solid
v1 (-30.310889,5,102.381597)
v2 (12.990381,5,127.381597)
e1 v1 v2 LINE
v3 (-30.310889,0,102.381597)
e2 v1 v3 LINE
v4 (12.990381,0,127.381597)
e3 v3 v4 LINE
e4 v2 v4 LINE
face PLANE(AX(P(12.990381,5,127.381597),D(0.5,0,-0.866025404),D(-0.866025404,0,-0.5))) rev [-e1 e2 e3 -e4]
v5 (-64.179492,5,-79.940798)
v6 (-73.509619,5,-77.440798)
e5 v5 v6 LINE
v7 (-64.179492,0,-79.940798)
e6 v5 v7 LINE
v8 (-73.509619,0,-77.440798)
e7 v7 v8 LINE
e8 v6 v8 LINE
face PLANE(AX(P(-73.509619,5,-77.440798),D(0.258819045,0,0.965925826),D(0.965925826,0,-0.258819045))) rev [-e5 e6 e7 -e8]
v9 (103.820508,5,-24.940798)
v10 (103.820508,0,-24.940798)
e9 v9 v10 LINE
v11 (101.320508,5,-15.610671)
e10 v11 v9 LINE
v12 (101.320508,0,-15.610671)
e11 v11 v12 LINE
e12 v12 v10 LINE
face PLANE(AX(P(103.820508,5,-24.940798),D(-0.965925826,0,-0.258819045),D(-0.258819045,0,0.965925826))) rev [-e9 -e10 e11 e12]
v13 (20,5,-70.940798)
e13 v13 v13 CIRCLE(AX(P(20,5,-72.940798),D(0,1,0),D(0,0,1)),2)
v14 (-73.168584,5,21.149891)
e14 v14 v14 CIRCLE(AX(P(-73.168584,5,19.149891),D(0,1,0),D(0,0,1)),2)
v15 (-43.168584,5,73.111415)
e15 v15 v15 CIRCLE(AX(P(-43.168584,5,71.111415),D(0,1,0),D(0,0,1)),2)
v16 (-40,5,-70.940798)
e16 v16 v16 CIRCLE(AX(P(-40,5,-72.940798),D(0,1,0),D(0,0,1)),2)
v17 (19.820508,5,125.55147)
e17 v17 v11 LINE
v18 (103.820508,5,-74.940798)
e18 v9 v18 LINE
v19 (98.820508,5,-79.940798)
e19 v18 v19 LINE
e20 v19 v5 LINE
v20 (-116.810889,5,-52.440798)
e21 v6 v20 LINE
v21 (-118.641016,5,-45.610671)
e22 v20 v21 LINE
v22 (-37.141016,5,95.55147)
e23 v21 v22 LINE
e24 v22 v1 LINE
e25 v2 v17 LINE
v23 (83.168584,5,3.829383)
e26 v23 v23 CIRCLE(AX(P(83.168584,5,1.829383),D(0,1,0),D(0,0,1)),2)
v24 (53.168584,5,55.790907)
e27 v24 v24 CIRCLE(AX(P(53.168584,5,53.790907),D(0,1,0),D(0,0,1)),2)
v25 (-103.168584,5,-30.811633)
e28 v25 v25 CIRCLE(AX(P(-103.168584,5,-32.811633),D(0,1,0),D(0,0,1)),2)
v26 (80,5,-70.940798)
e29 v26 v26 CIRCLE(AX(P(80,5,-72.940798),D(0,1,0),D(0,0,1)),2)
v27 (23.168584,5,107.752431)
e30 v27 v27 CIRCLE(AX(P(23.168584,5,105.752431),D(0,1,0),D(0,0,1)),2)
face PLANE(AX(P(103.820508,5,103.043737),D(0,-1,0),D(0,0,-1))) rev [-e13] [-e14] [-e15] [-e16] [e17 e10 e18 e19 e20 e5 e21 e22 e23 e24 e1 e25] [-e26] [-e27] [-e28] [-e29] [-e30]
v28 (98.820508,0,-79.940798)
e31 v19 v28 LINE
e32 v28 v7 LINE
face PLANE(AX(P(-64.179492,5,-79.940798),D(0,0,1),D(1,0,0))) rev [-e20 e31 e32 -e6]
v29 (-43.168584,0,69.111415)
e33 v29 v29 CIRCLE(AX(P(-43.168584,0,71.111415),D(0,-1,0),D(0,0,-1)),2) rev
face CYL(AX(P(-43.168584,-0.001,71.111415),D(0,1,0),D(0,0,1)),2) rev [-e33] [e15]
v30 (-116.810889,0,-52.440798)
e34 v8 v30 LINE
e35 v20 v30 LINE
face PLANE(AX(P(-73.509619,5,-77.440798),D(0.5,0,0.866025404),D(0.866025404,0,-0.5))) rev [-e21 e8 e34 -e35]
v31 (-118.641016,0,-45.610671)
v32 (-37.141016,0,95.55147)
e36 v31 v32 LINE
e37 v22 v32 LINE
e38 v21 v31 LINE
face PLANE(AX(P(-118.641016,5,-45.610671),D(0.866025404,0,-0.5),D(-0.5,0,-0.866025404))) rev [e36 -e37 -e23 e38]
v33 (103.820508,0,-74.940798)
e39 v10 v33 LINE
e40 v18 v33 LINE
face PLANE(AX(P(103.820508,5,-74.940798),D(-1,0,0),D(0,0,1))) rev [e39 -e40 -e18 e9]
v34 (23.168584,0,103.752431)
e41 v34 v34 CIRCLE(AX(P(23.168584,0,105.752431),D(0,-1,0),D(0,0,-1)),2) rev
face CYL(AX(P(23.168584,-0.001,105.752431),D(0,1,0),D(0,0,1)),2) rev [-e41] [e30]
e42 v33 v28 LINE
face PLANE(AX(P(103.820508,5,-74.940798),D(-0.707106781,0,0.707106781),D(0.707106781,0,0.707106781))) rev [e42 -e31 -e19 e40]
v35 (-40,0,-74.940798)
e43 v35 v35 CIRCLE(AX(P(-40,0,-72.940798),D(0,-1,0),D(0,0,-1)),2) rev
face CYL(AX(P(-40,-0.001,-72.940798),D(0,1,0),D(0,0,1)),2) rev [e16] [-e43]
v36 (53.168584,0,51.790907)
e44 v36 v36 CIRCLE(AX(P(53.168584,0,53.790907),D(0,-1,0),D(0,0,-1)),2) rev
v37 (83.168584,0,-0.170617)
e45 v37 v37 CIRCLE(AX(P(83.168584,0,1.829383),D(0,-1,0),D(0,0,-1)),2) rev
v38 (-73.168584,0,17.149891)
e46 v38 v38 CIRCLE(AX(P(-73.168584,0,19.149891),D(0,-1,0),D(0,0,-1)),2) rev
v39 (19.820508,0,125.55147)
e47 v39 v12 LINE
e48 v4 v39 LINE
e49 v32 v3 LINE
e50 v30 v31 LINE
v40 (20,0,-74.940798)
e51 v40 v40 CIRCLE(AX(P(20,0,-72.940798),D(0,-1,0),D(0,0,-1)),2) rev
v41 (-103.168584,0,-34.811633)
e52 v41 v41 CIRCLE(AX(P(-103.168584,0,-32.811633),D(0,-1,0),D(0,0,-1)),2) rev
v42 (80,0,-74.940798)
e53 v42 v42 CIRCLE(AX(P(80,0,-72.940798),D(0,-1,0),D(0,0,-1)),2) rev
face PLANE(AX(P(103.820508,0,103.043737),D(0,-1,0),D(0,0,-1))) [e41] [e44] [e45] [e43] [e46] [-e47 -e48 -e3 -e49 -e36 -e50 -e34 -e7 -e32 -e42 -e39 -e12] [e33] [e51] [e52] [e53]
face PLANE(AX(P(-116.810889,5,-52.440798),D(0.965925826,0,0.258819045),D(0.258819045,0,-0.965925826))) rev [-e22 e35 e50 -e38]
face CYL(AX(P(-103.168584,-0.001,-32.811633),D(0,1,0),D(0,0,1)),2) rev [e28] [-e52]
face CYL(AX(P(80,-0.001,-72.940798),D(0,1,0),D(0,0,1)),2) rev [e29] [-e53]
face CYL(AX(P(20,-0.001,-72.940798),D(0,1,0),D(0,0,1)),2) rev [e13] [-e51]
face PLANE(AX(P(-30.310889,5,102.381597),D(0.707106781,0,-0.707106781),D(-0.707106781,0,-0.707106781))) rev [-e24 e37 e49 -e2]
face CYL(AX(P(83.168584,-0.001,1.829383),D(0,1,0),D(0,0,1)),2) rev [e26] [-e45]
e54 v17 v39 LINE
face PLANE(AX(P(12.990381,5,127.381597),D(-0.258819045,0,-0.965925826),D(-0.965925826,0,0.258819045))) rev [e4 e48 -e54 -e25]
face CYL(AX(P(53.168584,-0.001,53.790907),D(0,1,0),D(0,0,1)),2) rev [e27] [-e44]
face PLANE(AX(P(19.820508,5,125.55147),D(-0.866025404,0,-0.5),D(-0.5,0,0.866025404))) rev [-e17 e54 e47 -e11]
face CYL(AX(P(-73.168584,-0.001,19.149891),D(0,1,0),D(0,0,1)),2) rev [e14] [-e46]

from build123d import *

# Parameters (mm, degrees)
EXTRUSION1_DEPTH         = 5
ENL_V_MAT_EXTRU_14_REACH = 176.146
ESQUISSE8_R              = 2


with BuildPart() as part:
    # Esquisse1 → Extrusion1 (new body)
    with BuildSketch(Plane(origin=(0, 0, 0), x_dir=(1, 0, 0), z_dir=(0, 1, 0))):
        Polygon((-64.179491924, 79.940798285), (98.820508076, 79.940798285), (103.820508076, 74.940798285), (103.820508076, 24.940798285), (101.320508076, 15.610671266), (19.820508076, -125.551469551), (12.990381057, -127.38159657), (-30.310889132, -102.38159657), (-37.141016151, -95.551469551), (-118.641016151, 45.610671266), (-116.810889132, 52.440798285), (-73.509618943, 77.440798285), align=None)
    extrude(amount=EXTRUSION1_DEPTH)

    # Esquisse8 → Enlèv. mat.-Extru.14 (cut, up to next)
    with BuildSketch(Plane(origin=(0, 5, 0), x_dir=(1, 0, 0), z_dir=(0, 1, 0)), mode=Mode.PRIVATE) as enl_v_mat_extru_14_sk1:
        with Locations(Location((-103.168584287, 32.81163316, 0), (0, 0, 270))):
            Circle(ESQUISSE8_R)
    enl_v_mat_extru_14_tool1 = extrude(enl_v_mat_extru_14_sk1.sketch, amount=-ENL_V_MAT_EXTRU_14_REACH, mode=Mode.PRIVATE) & part.part
    # Esquisse8 → Enlèv. mat.-Extru.14 (cut, up to next)
    with BuildSketch(Plane(origin=(0, 5, 0), x_dir=(1, 0, 0), z_dir=(0, 1, 0)), mode=Mode.PRIVATE) as enl_v_mat_extru_14_sk2:
        with Locations(Location((80, 72.940798285, 0), (0, 0, 270))):
            Circle(ESQUISSE8_R)
    enl_v_mat_extru_14_tool2 = extrude(enl_v_mat_extru_14_sk2.sketch, amount=-ENL_V_MAT_EXTRU_14_REACH, mode=Mode.PRIVATE) & part.part
    # Esquisse8 → Enlèv. mat.-Extru.14 (cut, up to next)
    with BuildSketch(Plane(origin=(0, 5, 0), x_dir=(1, 0, 0), z_dir=(0, 1, 0)), mode=Mode.PRIVATE) as enl_v_mat_extru_14_sk3:
        with Locations(Location((20, 72.940798285, 0), (0, 0, 270))):
            Circle(ESQUISSE8_R)
    enl_v_mat_extru_14_tool3 = extrude(enl_v_mat_extru_14_sk3.sketch, amount=-ENL_V_MAT_EXTRU_14_REACH, mode=Mode.PRIVATE) & part.part
    # Esquisse8 → Enlèv. mat.-Extru.14 (cut, up to next)
    with BuildSketch(Plane(origin=(0, 5, 0), x_dir=(1, 0, 0), z_dir=(0, 1, 0)), mode=Mode.PRIVATE) as enl_v_mat_extru_14_sk4:
        with Locations(Location((-73.168584287, -19.149891067, 0), (0, 0, 270))):
            Circle(ESQUISSE8_R)
    enl_v_mat_extru_14_tool4 = extrude(enl_v_mat_extru_14_sk4.sketch, amount=-ENL_V_MAT_EXTRU_14_REACH, mode=Mode.PRIVATE) & part.part
    # Esquisse8 → Enlèv. mat.-Extru.14 (cut, up to next)
    with BuildSketch(Plane(origin=(0, 5, 0), x_dir=(1, 0, 0), z_dir=(0, 1, 0)), mode=Mode.PRIVATE) as enl_v_mat_extru_14_sk5:
        with Locations(Location((-43.168584287, -71.111415294, 0), (0, 0, 270))):
            Circle(ESQUISSE8_R)
    enl_v_mat_extru_14_tool5 = extrude(enl_v_mat_extru_14_sk5.sketch, amount=-ENL_V_MAT_EXTRU_14_REACH, mode=Mode.PRIVATE) & part.part
    # Esquisse8 → Enlèv. mat.-Extru.14 (cut, up to next)
    with BuildSketch(Plane(origin=(0, 5, 0), x_dir=(1, 0, 0), z_dir=(0, 1, 0)), mode=Mode.PRIVATE) as enl_v_mat_extru_14_sk6:
        with Locations(Location((-40, 72.940798285, 0), (0, 0, 270))):
            Circle(ESQUISSE8_R)
    enl_v_mat_extru_14_tool6 = extrude(enl_v_mat_extru_14_sk6.sketch, amount=-ENL_V_MAT_EXTRU_14_REACH, mode=Mode.PRIVATE) & part.part
    # Esquisse8 → Enlèv. mat.-Extru.14 (cut, up to next)
    with BuildSketch(Plane(origin=(0, 5, 0), x_dir=(1, 0, 0), z_dir=(0, 1, 0)), mode=Mode.PRIVATE) as enl_v_mat_extru_14_sk7:
        with Locations(Location((23.168584287, -105.752431445, 0), (0, 0, 270))):
            Circle(ESQUISSE8_R)
    enl_v_mat_extru_14_tool7 = extrude(enl_v_mat_extru_14_sk7.sketch, amount=-ENL_V_MAT_EXTRU_14_REACH, mode=Mode.PRIVATE) & part.part
    # Esquisse8 → Enlèv. mat.-Extru.14 (cut, up to next)
    with BuildSketch(Plane(origin=(0, 5, 0), x_dir=(1, 0, 0), z_dir=(0, 1, 0)), mode=Mode.PRIVATE) as enl_v_mat_extru_14_sk8:
        with Locations(Location((53.168584287, -53.790907218, 0), (0, 0, 270))):
            Circle(ESQUISSE8_R)
    enl_v_mat_extru_14_tool8 = extrude(enl_v_mat_extru_14_sk8.sketch, amount=-ENL_V_MAT_EXTRU_14_REACH, mode=Mode.PRIVATE) & part.part
    # Esquisse8 → Enlèv. mat.-Extru.14 (cut, up to next)
    with BuildSketch(Plane(origin=(0, 5, 0), x_dir=(1, 0, 0), z_dir=(0, 1, 0)), mode=Mode.PRIVATE) as enl_v_mat_extru_14_sk9:
        with Locations(Location((83.168584287, -1.829382991, 0), (0, 0, 270))):
            Circle(ESQUISSE8_R)
    enl_v_mat_extru_14_tool9 = extrude(enl_v_mat_extru_14_sk9.sketch, amount=-ENL_V_MAT_EXTRU_14_REACH, mode=Mode.PRIVATE) & part.part
    add(enl_v_mat_extru_14_tool1.solids().sort_by_distance((-103.168584, 5, -32.811633))[0], mode=Mode.SUBTRACT)
    add(enl_v_mat_extru_14_tool2.solids().sort_by_distance((80, 5, -72.940798))[0], mode=Mode.SUBTRACT)
    add(enl_v_mat_extru_14_tool3.solids().sort_by_distance((20, 5, -72.940798))[0], mode=Mode.SUBTRACT)
    add(enl_v_mat_extru_14_tool4.solids().sort_by_distance((-73.168584, 5, 19.149891))[0], mode=Mode.SUBTRACT)
    add(enl_v_mat_extru_14_tool5.solids().sort_by_distance((-43.168584, 5, 71.111415))[0], mode=Mode.SUBTRACT)
    add(enl_v_mat_extru_14_tool6.solids().sort_by_distance((-40, 5, -72.940798))[0], mode=Mode.SUBTRACT)
    add(enl_v_mat_extru_14_tool7.solids().sort_by_distance((23.168584, 5, 105.752431))[0], mode=Mode.SUBTRACT)
    add(enl_v_mat_extru_14_tool8.solids().sort_by_distance((53.168584, 5, 53.790907))[0], mode=Mode.SUBTRACT)
    add(enl_v_mat_extru_14_tool9.solids().sort_by_distance((83.168584, 5, 1.829383))[0], mode=Mode.SUBTRACT)


solid = part.part
